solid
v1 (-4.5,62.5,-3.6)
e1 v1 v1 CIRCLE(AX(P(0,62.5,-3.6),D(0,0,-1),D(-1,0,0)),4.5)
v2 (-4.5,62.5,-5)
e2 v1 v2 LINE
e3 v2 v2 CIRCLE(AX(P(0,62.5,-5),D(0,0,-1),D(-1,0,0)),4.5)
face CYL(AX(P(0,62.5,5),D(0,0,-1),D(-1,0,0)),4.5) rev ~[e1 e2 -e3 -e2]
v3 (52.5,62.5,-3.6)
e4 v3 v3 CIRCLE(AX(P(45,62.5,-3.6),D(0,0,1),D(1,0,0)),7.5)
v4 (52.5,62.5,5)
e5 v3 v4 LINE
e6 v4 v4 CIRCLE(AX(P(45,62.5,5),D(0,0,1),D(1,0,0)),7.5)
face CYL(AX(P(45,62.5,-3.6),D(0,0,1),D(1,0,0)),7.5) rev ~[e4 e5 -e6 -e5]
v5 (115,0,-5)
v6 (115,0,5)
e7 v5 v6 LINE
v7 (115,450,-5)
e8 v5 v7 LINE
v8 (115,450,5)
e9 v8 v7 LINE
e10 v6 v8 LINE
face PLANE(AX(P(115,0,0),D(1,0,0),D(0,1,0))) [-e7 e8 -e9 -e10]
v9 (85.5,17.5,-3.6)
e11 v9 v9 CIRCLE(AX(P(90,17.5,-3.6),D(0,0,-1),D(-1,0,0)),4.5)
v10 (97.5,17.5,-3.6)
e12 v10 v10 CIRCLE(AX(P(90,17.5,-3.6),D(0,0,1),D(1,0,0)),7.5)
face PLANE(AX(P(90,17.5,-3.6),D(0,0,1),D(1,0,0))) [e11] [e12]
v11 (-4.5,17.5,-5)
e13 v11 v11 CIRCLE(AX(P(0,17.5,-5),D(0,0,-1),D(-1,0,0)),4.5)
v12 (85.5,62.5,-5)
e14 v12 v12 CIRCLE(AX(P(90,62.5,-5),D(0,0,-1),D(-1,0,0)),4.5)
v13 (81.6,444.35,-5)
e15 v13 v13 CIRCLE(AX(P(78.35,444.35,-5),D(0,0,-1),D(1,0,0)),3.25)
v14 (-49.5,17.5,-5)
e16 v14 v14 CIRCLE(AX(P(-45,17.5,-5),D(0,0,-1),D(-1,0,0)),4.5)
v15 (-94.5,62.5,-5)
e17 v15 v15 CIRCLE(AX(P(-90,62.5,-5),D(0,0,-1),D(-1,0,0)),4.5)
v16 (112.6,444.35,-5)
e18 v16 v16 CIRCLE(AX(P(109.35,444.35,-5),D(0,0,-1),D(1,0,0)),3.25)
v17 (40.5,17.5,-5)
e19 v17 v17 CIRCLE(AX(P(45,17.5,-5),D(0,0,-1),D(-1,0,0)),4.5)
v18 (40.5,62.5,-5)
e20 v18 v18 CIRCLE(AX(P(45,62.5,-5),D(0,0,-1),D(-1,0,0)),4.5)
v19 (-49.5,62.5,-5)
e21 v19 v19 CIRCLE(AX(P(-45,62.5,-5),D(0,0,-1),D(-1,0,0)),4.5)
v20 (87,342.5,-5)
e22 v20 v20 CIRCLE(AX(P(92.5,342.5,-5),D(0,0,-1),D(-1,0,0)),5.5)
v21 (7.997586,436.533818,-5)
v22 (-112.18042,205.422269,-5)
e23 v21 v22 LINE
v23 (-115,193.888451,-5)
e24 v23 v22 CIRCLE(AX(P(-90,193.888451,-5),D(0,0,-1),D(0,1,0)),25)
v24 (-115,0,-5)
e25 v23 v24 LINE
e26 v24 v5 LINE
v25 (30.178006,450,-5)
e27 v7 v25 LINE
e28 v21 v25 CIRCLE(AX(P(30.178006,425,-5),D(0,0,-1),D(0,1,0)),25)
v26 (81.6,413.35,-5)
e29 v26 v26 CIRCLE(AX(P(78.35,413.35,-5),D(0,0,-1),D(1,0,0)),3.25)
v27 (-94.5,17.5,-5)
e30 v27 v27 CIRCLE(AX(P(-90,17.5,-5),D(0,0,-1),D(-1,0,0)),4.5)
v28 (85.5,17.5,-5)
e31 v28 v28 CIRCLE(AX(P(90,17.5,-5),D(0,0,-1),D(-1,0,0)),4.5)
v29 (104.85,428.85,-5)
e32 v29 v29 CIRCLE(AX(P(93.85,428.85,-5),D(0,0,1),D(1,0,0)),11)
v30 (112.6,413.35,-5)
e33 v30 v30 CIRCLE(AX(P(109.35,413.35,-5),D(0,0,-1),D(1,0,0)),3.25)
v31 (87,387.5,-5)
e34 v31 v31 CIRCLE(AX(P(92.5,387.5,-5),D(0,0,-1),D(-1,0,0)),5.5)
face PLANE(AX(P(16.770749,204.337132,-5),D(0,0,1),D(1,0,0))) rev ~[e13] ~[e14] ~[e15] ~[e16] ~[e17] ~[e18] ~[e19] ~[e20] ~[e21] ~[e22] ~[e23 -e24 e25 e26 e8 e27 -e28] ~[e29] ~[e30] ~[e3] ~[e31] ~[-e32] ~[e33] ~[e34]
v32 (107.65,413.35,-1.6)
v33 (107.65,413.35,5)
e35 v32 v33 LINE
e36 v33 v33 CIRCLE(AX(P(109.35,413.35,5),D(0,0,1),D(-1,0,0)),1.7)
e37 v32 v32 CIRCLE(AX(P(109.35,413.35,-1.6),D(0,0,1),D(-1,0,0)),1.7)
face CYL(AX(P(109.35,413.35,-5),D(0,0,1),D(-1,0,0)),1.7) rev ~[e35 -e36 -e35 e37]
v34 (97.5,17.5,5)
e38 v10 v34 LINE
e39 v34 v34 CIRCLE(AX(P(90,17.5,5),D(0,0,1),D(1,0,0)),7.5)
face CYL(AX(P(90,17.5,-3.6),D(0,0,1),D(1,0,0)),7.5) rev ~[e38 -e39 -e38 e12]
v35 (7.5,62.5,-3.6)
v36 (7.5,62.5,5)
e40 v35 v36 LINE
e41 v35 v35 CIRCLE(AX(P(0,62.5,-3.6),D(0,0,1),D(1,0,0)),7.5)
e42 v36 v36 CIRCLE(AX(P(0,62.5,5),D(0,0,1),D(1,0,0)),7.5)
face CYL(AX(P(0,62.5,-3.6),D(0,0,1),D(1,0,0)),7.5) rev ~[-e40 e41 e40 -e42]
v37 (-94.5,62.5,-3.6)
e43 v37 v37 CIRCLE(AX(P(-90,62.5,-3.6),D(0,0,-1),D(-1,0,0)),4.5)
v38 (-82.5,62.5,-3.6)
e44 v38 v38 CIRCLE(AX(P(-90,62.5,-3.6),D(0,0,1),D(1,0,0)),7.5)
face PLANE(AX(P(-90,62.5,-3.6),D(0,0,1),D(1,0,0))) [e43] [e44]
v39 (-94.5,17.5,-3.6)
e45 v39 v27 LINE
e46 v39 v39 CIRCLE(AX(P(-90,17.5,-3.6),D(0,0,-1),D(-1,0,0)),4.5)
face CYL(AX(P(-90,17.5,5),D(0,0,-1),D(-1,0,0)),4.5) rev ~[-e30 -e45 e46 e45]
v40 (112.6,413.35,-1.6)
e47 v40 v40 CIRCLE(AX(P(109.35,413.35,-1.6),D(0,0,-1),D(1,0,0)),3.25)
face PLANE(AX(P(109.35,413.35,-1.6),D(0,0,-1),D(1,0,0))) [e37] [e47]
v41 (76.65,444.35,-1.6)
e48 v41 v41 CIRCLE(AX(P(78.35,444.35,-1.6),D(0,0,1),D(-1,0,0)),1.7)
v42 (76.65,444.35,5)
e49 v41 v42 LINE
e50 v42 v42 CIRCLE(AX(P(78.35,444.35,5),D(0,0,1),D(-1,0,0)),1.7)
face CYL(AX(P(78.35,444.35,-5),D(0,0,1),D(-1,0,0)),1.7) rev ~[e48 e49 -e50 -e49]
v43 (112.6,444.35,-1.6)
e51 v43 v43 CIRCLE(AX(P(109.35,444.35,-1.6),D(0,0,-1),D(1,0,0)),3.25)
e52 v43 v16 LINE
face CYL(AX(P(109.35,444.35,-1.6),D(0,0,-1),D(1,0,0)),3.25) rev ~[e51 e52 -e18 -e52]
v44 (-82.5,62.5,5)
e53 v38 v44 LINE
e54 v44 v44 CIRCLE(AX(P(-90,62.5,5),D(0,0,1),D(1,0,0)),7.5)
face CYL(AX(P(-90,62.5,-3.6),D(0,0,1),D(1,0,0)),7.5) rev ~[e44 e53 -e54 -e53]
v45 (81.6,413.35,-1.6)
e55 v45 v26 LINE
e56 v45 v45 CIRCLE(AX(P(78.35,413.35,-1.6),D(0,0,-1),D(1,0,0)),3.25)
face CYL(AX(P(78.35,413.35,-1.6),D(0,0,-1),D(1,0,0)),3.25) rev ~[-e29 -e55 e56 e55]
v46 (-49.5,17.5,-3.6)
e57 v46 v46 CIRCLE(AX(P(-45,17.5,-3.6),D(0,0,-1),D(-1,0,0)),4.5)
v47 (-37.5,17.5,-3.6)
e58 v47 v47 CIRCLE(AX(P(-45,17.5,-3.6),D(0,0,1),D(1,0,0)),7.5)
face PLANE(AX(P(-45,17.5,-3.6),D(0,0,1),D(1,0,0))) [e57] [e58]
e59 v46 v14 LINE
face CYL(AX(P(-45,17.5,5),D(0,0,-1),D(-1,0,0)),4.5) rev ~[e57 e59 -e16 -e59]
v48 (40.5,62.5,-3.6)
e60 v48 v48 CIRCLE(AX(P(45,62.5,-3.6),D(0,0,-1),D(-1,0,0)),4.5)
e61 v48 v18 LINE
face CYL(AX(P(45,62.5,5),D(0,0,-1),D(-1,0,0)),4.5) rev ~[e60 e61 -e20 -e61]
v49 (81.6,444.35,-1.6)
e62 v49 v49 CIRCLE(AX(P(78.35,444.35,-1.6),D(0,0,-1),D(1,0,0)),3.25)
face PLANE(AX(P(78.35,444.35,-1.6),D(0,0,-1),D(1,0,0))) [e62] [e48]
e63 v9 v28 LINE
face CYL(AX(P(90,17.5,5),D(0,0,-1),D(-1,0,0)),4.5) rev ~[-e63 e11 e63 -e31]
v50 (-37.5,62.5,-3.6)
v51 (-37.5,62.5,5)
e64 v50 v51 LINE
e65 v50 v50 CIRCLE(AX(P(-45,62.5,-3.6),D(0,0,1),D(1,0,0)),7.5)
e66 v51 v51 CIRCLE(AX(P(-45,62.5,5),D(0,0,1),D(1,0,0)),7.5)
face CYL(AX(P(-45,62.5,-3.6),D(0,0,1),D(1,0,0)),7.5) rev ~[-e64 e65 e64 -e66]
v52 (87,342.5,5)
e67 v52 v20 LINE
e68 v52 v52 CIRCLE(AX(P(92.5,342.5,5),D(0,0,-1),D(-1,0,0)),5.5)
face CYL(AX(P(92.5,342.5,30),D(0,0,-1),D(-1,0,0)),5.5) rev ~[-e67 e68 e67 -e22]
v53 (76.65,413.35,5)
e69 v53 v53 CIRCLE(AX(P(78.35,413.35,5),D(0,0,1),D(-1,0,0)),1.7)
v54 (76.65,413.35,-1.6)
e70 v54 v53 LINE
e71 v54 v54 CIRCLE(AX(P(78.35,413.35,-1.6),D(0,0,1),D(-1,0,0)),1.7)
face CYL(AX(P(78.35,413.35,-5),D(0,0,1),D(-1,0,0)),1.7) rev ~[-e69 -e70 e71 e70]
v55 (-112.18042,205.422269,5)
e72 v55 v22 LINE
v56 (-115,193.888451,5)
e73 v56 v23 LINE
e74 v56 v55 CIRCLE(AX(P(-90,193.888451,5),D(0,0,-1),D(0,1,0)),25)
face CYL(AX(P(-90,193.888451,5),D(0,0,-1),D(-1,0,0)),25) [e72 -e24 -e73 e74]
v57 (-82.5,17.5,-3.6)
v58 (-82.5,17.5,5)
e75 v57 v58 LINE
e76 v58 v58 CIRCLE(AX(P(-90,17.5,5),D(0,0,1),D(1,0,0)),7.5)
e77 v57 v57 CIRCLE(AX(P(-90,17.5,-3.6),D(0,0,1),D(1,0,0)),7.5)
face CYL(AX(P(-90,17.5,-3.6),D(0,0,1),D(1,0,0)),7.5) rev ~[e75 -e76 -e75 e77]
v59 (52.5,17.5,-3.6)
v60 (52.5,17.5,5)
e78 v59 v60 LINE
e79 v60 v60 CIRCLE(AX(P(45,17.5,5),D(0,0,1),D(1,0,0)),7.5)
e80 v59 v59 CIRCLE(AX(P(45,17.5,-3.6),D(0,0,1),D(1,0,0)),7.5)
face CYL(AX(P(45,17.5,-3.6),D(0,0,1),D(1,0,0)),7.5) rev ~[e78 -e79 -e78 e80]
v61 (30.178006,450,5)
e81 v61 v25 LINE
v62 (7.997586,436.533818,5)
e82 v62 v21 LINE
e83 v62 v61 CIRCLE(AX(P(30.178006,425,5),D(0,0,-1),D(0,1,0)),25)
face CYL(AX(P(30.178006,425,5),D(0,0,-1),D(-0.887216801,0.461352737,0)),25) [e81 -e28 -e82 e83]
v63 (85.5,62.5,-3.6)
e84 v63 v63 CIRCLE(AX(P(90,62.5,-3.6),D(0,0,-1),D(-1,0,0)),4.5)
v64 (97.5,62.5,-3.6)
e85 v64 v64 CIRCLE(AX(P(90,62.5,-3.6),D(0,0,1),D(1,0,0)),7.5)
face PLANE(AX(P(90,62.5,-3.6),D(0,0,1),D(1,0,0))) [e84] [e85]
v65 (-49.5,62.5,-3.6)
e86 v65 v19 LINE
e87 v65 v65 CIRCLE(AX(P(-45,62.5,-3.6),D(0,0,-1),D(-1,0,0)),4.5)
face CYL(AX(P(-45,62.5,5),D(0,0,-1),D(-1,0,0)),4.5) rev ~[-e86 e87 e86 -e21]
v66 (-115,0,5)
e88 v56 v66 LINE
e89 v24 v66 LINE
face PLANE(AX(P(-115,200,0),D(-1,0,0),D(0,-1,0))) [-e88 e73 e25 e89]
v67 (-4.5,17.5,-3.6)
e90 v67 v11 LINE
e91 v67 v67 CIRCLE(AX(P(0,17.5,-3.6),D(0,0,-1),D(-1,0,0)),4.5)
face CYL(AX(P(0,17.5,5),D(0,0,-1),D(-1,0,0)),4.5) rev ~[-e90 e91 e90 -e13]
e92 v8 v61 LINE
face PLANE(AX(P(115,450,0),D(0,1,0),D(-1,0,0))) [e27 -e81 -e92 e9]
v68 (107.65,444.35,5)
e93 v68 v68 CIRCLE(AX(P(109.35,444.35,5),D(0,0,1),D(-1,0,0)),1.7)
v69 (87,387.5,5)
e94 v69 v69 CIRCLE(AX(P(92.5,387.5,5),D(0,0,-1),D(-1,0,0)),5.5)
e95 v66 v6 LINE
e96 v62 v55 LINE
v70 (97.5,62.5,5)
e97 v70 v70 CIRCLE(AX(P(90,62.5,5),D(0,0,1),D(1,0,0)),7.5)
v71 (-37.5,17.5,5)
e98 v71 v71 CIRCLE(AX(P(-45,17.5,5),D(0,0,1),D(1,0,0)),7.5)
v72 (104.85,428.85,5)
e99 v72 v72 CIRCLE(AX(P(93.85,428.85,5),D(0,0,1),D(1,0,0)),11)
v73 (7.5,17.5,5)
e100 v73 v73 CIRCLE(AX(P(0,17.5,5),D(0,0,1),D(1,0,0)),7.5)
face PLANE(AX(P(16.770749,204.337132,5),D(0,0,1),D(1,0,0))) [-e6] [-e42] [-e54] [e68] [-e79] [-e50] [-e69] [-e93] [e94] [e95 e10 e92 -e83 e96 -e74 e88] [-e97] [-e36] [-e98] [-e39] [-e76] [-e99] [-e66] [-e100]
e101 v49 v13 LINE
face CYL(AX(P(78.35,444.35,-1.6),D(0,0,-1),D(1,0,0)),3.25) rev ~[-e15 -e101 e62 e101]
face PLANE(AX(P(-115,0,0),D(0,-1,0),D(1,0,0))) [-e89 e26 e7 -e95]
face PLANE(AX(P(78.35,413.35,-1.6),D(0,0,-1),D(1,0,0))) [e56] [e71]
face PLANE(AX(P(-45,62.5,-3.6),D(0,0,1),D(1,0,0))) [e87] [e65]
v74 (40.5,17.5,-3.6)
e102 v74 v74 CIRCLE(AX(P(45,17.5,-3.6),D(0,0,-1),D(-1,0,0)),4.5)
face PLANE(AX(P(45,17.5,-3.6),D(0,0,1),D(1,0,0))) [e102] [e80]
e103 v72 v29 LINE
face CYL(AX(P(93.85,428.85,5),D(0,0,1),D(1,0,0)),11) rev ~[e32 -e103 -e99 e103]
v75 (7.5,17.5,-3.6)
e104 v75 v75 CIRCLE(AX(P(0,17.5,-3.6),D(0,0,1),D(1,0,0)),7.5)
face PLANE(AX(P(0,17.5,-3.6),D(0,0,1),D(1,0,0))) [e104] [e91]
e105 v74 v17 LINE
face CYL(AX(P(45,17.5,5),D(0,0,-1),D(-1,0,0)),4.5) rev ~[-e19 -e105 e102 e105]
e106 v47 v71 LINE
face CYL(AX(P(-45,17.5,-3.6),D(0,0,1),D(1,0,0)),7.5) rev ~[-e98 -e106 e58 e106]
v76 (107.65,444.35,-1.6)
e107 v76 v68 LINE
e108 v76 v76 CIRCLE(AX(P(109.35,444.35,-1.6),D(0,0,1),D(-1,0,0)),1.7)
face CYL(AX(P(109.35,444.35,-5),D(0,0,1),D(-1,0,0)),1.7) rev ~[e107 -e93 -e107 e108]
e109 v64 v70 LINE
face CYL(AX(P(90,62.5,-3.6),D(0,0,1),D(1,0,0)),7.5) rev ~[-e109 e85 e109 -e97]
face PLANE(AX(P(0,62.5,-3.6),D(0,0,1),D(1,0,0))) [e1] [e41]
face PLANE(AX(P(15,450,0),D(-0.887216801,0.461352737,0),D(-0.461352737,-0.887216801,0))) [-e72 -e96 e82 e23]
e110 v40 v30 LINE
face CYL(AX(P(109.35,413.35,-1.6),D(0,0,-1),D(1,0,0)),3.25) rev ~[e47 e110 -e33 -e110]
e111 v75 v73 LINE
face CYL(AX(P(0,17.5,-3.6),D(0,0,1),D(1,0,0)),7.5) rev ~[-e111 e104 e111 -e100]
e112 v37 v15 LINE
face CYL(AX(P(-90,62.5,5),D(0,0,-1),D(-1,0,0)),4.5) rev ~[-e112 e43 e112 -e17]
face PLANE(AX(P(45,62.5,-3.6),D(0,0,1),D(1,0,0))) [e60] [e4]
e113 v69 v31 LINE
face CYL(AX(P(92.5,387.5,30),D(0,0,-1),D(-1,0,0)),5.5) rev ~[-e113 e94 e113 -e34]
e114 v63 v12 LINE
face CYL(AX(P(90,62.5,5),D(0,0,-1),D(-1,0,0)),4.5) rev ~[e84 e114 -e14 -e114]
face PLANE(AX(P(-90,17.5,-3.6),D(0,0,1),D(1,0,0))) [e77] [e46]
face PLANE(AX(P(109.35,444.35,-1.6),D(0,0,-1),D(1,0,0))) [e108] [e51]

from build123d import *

# Parameters (mm, degrees)
BOSS_EXTRUDE1_DEPTH                                 = 5
CBORE_FOR_M8_HEX_SOCKET_HEAD_CAP_SCREW1_D           = 9
CBORE_FOR_M8_HEX_SOCKET_HEAD_CAP_SCREW1_CBORE_D     = 15
CBORE_FOR_M8_HEX_SOCKET_HEAD_CAP_SCREW1_CBORE_DEPTH = 8.6
SKETCH5_R                                           = 11
CUT_EXTRUDE2_DEPTH                                  = 465.569693372
CBORE_FOR_M3_HEX_SOCKET_HEAD_CAP_SCREW1_D           = 3.4
CBORE_FOR_M3_HEX_SOCKET_HEAD_CAP_SCREW1_CBORE_D     = 6.5
CBORE_FOR_M3_HEX_SOCKET_HEAD_CAP_SCREW1_CBORE_DEPTH = 3.4
FILLET1_R                                           = 25
M10_CLEARANCE_HOLE1_D                               = 11
M10_CLEARANCE_HOLE1_DEPTH                           = 25
M10_CLEARANCE_HOLE1_TIP                             = 3.304733405


with BuildPart() as part:
    # Sketch1 → Boss-Extrude1 (new, symmetric)
    with BuildSketch(Plane.XY):
        Polygon((-115, 200), (-115, 0), (115, 0), (115, 450), (15, 450), align=None)
    extrude(amount=BOSS_EXTRUDE1_DEPTH, both=True)

    # CBORE for M8 Hex Socket Head Cap Screw1 (through all)
    with Locations(Plane.XY.offset(5)):
        with Locations((-90, 17.5), (-45, 17.5), (45, 17.5), (90, 17.5), (0, 17.5), (-90, 62.5), (-45, 62.5), (45, 62.5), (90, 62.5), (0, 62.5)):
            CounterBoreHole(CBORE_FOR_M8_HEX_SOCKET_HEAD_CAP_SCREW1_D / 2, CBORE_FOR_M8_HEX_SOCKET_HEAD_CAP_SCREW1_CBORE_D / 2, CBORE_FOR_M8_HEX_SOCKET_HEAD_CAP_SCREW1_CBORE_DEPTH)

    # Sketch5 → Cut-Extrude2 (cut, through all)
    with BuildSketch(Plane.XY.offset(5)):
        with Locations((93.85, 428.85)):
            Circle(SKETCH5_R)
    extrude(amount=-CUT_EXTRUDE2_DEPTH, mode=Mode.SUBTRACT)

    # CBORE for M3 Hex Socket Head Cap Screw1 (through all)
    with Locations(Plane(origin=(0, 0, -5), x_dir=(1, 0, 0), z_dir=(0, 0, -1))):
        with Locations((109.35, -444.35), (78.35, -444.35), (78.35, -413.35), (109.35, -413.35)):
            CounterBoreHole(CBORE_FOR_M3_HEX_SOCKET_HEAD_CAP_SCREW1_D / 2, CBORE_FOR_M3_HEX_SOCKET_HEAD_CAP_SCREW1_CBORE_D / 2, CBORE_FOR_M3_HEX_SOCKET_HEAD_CAP_SCREW1_CBORE_DEPTH)

    # Fillet1
    fillet1_edges = [part.edges().sort_by_distance(p)[0] for p in [
        (-115, 200, 0),
        (15, 450, 0),
    ]]
    fillet(fillet1_edges, radius=FILLET1_R)

    # M10 Clearance Hole1
    with Locations(Plane.XY.offset(5)):
        with Locations((92.5, 387.5), (92.5, 342.5)):
            Hole(M10_CLEARANCE_HOLE1_D / 2, depth=M10_CLEARANCE_HOLE1_DEPTH)
            with Locations((0, 0, -(M10_CLEARANCE_HOLE1_DEPTH + M10_CLEARANCE_HOLE1_TIP / 2))):  # 118° drill point
                Cone(0, M10_CLEARANCE_HOLE1_D / 2, M10_CLEARANCE_HOLE1_TIP, mode=Mode.SUBTRACT)


solid = part.part
